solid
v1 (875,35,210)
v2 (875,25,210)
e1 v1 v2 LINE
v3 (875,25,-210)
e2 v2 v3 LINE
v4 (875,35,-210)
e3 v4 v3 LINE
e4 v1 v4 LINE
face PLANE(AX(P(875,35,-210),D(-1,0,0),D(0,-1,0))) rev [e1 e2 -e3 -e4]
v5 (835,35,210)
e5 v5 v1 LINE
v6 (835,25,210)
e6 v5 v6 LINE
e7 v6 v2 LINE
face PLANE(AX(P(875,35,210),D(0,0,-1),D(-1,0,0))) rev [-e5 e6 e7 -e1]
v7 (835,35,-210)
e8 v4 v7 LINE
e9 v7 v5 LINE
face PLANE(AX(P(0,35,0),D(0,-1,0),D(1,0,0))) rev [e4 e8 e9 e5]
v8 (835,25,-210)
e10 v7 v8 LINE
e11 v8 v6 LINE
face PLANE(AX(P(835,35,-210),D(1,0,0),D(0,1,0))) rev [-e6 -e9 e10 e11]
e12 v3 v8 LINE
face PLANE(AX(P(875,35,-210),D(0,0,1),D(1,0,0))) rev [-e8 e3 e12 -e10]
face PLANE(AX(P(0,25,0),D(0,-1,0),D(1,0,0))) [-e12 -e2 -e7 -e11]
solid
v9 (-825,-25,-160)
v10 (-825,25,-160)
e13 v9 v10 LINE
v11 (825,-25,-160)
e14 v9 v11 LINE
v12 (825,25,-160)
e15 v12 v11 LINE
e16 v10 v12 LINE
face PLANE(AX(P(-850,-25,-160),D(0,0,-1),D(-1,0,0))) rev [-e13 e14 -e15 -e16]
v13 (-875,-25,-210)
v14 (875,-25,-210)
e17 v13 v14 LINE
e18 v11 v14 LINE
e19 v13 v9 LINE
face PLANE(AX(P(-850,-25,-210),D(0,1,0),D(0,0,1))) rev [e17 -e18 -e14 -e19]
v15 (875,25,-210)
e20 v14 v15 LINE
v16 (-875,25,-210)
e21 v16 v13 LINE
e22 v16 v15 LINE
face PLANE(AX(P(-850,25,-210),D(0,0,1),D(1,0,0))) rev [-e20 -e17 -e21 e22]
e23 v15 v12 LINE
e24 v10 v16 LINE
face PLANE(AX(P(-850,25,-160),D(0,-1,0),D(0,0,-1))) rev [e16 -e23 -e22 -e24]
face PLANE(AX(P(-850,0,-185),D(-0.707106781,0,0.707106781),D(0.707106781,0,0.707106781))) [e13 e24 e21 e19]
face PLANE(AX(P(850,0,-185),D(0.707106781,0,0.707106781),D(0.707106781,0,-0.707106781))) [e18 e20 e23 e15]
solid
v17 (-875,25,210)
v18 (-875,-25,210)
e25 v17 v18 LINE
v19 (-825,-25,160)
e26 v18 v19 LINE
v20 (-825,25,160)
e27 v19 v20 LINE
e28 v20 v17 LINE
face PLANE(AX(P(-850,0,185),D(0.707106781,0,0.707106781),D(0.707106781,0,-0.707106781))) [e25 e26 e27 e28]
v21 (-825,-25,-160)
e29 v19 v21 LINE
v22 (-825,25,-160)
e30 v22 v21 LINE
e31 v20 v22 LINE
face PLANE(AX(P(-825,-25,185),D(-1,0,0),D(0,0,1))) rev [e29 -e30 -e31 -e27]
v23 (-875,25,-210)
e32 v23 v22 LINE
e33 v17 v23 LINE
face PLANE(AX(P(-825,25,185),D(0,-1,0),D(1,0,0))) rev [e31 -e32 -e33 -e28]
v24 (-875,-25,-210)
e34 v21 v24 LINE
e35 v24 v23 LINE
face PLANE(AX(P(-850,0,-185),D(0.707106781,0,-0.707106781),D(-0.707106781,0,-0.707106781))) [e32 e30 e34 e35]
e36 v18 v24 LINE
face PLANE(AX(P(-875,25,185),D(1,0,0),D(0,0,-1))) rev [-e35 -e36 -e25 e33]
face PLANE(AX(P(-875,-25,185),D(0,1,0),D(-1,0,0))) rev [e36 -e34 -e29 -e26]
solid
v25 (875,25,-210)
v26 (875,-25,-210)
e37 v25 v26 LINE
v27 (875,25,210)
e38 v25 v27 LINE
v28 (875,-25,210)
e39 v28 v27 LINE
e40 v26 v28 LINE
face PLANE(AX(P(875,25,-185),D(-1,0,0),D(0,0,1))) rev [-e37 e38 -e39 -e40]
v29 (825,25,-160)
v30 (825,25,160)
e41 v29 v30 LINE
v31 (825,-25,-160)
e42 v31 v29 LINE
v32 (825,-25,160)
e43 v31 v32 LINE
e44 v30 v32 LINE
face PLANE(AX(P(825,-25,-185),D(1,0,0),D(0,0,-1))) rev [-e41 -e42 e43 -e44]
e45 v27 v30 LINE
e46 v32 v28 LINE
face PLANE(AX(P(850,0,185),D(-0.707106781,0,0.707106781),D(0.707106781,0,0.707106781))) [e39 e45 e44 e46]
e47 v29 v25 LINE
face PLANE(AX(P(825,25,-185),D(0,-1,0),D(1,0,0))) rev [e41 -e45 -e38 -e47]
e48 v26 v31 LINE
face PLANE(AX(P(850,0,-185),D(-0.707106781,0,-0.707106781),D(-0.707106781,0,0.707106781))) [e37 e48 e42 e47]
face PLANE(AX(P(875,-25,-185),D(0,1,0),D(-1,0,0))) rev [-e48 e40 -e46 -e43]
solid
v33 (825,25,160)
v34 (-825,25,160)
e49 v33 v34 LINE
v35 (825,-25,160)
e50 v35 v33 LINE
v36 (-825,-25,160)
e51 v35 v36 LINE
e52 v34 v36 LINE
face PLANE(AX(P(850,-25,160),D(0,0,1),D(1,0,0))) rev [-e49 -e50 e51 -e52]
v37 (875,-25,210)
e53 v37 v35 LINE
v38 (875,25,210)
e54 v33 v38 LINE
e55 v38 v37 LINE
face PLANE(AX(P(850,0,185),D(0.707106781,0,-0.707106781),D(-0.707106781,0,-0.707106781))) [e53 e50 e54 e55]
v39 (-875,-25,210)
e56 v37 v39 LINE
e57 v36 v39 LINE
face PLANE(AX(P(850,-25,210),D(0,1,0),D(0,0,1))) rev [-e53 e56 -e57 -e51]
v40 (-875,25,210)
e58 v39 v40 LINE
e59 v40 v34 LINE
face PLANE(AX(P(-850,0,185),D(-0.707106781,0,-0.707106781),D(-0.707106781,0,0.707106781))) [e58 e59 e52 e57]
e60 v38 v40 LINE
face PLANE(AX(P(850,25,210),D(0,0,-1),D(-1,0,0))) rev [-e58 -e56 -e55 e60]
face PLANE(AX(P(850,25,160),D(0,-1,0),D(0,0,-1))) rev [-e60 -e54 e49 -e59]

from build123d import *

# Parameters (mm, degrees)
SKETCH17_W                            = 50
SKETCH17_H                            = 50
SQUARE_BAR_SQUARE_BAR_50_1_DEPTH      = 406.355339059
SQUARE_BAR_SQUARE_BAR_50_1_DEPTH_BACK = 36.355339059
SKETCH17_ON_SEGMENT_2_W               = 50
SKETCH17_ON_SEGMENT_2_H               = 50
SQUARE_BAR_SQUARE_BAR_50_1_2_DEPTH    = 1772.710678119
SKETCH17_ON_SEGMENT_3_W               = 50
SKETCH17_ON_SEGMENT_3_H               = 50
SQUARE_BAR_SQUARE_BAR_50_1_3_DEPTH    = 442.710678119
SKETCH17_ON_SEGMENT_4_W               = 50
SKETCH17_ON_SEGMENT_4_H               = 50
SQUARE_BAR_SQUARE_BAR_50_1_4_DEPTH    = 1772.710678119
SKETCH_13_W                           = 40
SKETCH_13_H                           = 420
EXTRUDE_2_DEPTH                       = 10


with BuildPart() as part:
    # Sketch17 → Square bar SQUARE BAR 50(1) (new, two sides)
    with BuildSketch(Plane(origin=(-850, 0, -185), x_dir=(1, 0, 0), z_dir=(0, 0, 1))) as square_bar_square_bar_50_1_sk:
        Rectangle(SKETCH17_W, SKETCH17_H)
    extrude(amount=SQUARE_BAR_SQUARE_BAR_50_1_DEPTH)
    extrude(square_bar_square_bar_50_1_sk.sketch, amount=-SQUARE_BAR_SQUARE_BAR_50_1_DEPTH_BACK)

    # Square bar SQUARE BAR 50(1) mitre 1
    split(bisect_by=Plane(origin=(-850, 0, -185), x_dir=(0, -1, 0), z_dir=(-0.707106781, 0, 0.707106781)), keep=Keep.TOP)

    # Square bar SQUARE BAR 50(1) mitre 2
    split(bisect_by=Plane(origin=(-850, 0, 185), x_dir=(0, -1, 0), z_dir=(-0.707106781, 0, -0.707106781)), keep=Keep.TOP)


with BuildPart() as body_2:
    # Sketch17 on segment 2 (carried to segment 2) → Square bar SQUARE BAR 50_1 2 (new body)
    with BuildSketch(Plane(origin=(-886.355339059, 0, 185), x_dir=(0, 0, -1), z_dir=(1, 0, 0))):
        Rectangle(SKETCH17_ON_SEGMENT_2_W, SKETCH17_ON_SEGMENT_2_H)
    extrude(amount=SQUARE_BAR_SQUARE_BAR_50_1_2_DEPTH)

    # Square bar SQUARE BAR 50_1 2 mitre 1
    split(bisect_by=Plane(origin=(-850, 0, 185), x_dir=(0, 1, 0), z_dir=(0.707106781, 0, 0.707106781)), keep=Keep.TOP)

    # Square bar SQUARE BAR 50_1 2 mitre 2
    split(bisect_by=Plane(origin=(850, 0, 185), x_dir=(0, -1, 0), z_dir=(-0.707106781, 0, 0.707106781)), keep=Keep.TOP)


with BuildPart() as body_3:
    # Sketch17 on segment 3 (carried to segment 3) → Square bar SQUARE BAR 50_1 3 (new body)
    with BuildSketch(Plane(origin=(850, 0, 221.355339059), x_dir=(-1, 0, 0), z_dir=(0, 0, -1))):
        Rectangle(SKETCH17_ON_SEGMENT_3_W, SKETCH17_ON_SEGMENT_3_H)
    extrude(amount=SQUARE_BAR_SQUARE_BAR_50_1_3_DEPTH)

    # Square bar SQUARE BAR 50_1 3 mitre 1
    split(bisect_by=Plane(origin=(850, 0, -185), x_dir=(0, 1, 0), z_dir=(0.707106781, 0, 0.707106781)), keep=Keep.TOP)

    # Square bar SQUARE BAR 50_1 3 mitre 2
    split(bisect_by=Plane(origin=(850, 0, 185), x_dir=(0, 1, 0), z_dir=(0.707106781, 0, -0.707106781)), keep=Keep.TOP)


with BuildPart() as body_4:
    # Sketch17 on segment 4 (carried to segment 4) → Square bar SQUARE BAR 50_1 4 (new body)
    with BuildSketch(Plane(origin=(886.355339059, 0, -185), x_dir=(0, 0, 1), z_dir=(-1, 0, 0))):
        Rectangle(SKETCH17_ON_SEGMENT_4_W, SKETCH17_ON_SEGMENT_4_H)
    extrude(amount=SQUARE_BAR_SQUARE_BAR_50_1_4_DEPTH)

    # Square bar SQUARE BAR 50_1 4 mitre 1
    split(bisect_by=Plane(origin=(-850, 0, -185), x_dir=(0, 1, 0), z_dir=(0.707106781, 0, -0.707106781)), keep=Keep.TOP)

    # Square bar SQUARE BAR 50_1 4 mitre 2
    split(bisect_by=Plane(origin=(850, 0, -185), x_dir=(0, -1, 0), z_dir=(-0.707106781, 0, -0.707106781)), keep=Keep.TOP)


with BuildPart() as body_5:
    # 草图13 → 凸台-拉伸2 (new body)
    with BuildSketch(Plane(origin=(0, 25, 0), x_dir=(1, 0, 0), z_dir=(0, 1, 0))):
        with Locations((855, 0)):
            Rectangle(SKETCH_13_W, SKETCH_13_H)
    extrude(amount=EXTRUDE_2_DEPTH)


solid = Compound([part.part, body_2.part, body_3.part, body_4.part, body_5.part])
